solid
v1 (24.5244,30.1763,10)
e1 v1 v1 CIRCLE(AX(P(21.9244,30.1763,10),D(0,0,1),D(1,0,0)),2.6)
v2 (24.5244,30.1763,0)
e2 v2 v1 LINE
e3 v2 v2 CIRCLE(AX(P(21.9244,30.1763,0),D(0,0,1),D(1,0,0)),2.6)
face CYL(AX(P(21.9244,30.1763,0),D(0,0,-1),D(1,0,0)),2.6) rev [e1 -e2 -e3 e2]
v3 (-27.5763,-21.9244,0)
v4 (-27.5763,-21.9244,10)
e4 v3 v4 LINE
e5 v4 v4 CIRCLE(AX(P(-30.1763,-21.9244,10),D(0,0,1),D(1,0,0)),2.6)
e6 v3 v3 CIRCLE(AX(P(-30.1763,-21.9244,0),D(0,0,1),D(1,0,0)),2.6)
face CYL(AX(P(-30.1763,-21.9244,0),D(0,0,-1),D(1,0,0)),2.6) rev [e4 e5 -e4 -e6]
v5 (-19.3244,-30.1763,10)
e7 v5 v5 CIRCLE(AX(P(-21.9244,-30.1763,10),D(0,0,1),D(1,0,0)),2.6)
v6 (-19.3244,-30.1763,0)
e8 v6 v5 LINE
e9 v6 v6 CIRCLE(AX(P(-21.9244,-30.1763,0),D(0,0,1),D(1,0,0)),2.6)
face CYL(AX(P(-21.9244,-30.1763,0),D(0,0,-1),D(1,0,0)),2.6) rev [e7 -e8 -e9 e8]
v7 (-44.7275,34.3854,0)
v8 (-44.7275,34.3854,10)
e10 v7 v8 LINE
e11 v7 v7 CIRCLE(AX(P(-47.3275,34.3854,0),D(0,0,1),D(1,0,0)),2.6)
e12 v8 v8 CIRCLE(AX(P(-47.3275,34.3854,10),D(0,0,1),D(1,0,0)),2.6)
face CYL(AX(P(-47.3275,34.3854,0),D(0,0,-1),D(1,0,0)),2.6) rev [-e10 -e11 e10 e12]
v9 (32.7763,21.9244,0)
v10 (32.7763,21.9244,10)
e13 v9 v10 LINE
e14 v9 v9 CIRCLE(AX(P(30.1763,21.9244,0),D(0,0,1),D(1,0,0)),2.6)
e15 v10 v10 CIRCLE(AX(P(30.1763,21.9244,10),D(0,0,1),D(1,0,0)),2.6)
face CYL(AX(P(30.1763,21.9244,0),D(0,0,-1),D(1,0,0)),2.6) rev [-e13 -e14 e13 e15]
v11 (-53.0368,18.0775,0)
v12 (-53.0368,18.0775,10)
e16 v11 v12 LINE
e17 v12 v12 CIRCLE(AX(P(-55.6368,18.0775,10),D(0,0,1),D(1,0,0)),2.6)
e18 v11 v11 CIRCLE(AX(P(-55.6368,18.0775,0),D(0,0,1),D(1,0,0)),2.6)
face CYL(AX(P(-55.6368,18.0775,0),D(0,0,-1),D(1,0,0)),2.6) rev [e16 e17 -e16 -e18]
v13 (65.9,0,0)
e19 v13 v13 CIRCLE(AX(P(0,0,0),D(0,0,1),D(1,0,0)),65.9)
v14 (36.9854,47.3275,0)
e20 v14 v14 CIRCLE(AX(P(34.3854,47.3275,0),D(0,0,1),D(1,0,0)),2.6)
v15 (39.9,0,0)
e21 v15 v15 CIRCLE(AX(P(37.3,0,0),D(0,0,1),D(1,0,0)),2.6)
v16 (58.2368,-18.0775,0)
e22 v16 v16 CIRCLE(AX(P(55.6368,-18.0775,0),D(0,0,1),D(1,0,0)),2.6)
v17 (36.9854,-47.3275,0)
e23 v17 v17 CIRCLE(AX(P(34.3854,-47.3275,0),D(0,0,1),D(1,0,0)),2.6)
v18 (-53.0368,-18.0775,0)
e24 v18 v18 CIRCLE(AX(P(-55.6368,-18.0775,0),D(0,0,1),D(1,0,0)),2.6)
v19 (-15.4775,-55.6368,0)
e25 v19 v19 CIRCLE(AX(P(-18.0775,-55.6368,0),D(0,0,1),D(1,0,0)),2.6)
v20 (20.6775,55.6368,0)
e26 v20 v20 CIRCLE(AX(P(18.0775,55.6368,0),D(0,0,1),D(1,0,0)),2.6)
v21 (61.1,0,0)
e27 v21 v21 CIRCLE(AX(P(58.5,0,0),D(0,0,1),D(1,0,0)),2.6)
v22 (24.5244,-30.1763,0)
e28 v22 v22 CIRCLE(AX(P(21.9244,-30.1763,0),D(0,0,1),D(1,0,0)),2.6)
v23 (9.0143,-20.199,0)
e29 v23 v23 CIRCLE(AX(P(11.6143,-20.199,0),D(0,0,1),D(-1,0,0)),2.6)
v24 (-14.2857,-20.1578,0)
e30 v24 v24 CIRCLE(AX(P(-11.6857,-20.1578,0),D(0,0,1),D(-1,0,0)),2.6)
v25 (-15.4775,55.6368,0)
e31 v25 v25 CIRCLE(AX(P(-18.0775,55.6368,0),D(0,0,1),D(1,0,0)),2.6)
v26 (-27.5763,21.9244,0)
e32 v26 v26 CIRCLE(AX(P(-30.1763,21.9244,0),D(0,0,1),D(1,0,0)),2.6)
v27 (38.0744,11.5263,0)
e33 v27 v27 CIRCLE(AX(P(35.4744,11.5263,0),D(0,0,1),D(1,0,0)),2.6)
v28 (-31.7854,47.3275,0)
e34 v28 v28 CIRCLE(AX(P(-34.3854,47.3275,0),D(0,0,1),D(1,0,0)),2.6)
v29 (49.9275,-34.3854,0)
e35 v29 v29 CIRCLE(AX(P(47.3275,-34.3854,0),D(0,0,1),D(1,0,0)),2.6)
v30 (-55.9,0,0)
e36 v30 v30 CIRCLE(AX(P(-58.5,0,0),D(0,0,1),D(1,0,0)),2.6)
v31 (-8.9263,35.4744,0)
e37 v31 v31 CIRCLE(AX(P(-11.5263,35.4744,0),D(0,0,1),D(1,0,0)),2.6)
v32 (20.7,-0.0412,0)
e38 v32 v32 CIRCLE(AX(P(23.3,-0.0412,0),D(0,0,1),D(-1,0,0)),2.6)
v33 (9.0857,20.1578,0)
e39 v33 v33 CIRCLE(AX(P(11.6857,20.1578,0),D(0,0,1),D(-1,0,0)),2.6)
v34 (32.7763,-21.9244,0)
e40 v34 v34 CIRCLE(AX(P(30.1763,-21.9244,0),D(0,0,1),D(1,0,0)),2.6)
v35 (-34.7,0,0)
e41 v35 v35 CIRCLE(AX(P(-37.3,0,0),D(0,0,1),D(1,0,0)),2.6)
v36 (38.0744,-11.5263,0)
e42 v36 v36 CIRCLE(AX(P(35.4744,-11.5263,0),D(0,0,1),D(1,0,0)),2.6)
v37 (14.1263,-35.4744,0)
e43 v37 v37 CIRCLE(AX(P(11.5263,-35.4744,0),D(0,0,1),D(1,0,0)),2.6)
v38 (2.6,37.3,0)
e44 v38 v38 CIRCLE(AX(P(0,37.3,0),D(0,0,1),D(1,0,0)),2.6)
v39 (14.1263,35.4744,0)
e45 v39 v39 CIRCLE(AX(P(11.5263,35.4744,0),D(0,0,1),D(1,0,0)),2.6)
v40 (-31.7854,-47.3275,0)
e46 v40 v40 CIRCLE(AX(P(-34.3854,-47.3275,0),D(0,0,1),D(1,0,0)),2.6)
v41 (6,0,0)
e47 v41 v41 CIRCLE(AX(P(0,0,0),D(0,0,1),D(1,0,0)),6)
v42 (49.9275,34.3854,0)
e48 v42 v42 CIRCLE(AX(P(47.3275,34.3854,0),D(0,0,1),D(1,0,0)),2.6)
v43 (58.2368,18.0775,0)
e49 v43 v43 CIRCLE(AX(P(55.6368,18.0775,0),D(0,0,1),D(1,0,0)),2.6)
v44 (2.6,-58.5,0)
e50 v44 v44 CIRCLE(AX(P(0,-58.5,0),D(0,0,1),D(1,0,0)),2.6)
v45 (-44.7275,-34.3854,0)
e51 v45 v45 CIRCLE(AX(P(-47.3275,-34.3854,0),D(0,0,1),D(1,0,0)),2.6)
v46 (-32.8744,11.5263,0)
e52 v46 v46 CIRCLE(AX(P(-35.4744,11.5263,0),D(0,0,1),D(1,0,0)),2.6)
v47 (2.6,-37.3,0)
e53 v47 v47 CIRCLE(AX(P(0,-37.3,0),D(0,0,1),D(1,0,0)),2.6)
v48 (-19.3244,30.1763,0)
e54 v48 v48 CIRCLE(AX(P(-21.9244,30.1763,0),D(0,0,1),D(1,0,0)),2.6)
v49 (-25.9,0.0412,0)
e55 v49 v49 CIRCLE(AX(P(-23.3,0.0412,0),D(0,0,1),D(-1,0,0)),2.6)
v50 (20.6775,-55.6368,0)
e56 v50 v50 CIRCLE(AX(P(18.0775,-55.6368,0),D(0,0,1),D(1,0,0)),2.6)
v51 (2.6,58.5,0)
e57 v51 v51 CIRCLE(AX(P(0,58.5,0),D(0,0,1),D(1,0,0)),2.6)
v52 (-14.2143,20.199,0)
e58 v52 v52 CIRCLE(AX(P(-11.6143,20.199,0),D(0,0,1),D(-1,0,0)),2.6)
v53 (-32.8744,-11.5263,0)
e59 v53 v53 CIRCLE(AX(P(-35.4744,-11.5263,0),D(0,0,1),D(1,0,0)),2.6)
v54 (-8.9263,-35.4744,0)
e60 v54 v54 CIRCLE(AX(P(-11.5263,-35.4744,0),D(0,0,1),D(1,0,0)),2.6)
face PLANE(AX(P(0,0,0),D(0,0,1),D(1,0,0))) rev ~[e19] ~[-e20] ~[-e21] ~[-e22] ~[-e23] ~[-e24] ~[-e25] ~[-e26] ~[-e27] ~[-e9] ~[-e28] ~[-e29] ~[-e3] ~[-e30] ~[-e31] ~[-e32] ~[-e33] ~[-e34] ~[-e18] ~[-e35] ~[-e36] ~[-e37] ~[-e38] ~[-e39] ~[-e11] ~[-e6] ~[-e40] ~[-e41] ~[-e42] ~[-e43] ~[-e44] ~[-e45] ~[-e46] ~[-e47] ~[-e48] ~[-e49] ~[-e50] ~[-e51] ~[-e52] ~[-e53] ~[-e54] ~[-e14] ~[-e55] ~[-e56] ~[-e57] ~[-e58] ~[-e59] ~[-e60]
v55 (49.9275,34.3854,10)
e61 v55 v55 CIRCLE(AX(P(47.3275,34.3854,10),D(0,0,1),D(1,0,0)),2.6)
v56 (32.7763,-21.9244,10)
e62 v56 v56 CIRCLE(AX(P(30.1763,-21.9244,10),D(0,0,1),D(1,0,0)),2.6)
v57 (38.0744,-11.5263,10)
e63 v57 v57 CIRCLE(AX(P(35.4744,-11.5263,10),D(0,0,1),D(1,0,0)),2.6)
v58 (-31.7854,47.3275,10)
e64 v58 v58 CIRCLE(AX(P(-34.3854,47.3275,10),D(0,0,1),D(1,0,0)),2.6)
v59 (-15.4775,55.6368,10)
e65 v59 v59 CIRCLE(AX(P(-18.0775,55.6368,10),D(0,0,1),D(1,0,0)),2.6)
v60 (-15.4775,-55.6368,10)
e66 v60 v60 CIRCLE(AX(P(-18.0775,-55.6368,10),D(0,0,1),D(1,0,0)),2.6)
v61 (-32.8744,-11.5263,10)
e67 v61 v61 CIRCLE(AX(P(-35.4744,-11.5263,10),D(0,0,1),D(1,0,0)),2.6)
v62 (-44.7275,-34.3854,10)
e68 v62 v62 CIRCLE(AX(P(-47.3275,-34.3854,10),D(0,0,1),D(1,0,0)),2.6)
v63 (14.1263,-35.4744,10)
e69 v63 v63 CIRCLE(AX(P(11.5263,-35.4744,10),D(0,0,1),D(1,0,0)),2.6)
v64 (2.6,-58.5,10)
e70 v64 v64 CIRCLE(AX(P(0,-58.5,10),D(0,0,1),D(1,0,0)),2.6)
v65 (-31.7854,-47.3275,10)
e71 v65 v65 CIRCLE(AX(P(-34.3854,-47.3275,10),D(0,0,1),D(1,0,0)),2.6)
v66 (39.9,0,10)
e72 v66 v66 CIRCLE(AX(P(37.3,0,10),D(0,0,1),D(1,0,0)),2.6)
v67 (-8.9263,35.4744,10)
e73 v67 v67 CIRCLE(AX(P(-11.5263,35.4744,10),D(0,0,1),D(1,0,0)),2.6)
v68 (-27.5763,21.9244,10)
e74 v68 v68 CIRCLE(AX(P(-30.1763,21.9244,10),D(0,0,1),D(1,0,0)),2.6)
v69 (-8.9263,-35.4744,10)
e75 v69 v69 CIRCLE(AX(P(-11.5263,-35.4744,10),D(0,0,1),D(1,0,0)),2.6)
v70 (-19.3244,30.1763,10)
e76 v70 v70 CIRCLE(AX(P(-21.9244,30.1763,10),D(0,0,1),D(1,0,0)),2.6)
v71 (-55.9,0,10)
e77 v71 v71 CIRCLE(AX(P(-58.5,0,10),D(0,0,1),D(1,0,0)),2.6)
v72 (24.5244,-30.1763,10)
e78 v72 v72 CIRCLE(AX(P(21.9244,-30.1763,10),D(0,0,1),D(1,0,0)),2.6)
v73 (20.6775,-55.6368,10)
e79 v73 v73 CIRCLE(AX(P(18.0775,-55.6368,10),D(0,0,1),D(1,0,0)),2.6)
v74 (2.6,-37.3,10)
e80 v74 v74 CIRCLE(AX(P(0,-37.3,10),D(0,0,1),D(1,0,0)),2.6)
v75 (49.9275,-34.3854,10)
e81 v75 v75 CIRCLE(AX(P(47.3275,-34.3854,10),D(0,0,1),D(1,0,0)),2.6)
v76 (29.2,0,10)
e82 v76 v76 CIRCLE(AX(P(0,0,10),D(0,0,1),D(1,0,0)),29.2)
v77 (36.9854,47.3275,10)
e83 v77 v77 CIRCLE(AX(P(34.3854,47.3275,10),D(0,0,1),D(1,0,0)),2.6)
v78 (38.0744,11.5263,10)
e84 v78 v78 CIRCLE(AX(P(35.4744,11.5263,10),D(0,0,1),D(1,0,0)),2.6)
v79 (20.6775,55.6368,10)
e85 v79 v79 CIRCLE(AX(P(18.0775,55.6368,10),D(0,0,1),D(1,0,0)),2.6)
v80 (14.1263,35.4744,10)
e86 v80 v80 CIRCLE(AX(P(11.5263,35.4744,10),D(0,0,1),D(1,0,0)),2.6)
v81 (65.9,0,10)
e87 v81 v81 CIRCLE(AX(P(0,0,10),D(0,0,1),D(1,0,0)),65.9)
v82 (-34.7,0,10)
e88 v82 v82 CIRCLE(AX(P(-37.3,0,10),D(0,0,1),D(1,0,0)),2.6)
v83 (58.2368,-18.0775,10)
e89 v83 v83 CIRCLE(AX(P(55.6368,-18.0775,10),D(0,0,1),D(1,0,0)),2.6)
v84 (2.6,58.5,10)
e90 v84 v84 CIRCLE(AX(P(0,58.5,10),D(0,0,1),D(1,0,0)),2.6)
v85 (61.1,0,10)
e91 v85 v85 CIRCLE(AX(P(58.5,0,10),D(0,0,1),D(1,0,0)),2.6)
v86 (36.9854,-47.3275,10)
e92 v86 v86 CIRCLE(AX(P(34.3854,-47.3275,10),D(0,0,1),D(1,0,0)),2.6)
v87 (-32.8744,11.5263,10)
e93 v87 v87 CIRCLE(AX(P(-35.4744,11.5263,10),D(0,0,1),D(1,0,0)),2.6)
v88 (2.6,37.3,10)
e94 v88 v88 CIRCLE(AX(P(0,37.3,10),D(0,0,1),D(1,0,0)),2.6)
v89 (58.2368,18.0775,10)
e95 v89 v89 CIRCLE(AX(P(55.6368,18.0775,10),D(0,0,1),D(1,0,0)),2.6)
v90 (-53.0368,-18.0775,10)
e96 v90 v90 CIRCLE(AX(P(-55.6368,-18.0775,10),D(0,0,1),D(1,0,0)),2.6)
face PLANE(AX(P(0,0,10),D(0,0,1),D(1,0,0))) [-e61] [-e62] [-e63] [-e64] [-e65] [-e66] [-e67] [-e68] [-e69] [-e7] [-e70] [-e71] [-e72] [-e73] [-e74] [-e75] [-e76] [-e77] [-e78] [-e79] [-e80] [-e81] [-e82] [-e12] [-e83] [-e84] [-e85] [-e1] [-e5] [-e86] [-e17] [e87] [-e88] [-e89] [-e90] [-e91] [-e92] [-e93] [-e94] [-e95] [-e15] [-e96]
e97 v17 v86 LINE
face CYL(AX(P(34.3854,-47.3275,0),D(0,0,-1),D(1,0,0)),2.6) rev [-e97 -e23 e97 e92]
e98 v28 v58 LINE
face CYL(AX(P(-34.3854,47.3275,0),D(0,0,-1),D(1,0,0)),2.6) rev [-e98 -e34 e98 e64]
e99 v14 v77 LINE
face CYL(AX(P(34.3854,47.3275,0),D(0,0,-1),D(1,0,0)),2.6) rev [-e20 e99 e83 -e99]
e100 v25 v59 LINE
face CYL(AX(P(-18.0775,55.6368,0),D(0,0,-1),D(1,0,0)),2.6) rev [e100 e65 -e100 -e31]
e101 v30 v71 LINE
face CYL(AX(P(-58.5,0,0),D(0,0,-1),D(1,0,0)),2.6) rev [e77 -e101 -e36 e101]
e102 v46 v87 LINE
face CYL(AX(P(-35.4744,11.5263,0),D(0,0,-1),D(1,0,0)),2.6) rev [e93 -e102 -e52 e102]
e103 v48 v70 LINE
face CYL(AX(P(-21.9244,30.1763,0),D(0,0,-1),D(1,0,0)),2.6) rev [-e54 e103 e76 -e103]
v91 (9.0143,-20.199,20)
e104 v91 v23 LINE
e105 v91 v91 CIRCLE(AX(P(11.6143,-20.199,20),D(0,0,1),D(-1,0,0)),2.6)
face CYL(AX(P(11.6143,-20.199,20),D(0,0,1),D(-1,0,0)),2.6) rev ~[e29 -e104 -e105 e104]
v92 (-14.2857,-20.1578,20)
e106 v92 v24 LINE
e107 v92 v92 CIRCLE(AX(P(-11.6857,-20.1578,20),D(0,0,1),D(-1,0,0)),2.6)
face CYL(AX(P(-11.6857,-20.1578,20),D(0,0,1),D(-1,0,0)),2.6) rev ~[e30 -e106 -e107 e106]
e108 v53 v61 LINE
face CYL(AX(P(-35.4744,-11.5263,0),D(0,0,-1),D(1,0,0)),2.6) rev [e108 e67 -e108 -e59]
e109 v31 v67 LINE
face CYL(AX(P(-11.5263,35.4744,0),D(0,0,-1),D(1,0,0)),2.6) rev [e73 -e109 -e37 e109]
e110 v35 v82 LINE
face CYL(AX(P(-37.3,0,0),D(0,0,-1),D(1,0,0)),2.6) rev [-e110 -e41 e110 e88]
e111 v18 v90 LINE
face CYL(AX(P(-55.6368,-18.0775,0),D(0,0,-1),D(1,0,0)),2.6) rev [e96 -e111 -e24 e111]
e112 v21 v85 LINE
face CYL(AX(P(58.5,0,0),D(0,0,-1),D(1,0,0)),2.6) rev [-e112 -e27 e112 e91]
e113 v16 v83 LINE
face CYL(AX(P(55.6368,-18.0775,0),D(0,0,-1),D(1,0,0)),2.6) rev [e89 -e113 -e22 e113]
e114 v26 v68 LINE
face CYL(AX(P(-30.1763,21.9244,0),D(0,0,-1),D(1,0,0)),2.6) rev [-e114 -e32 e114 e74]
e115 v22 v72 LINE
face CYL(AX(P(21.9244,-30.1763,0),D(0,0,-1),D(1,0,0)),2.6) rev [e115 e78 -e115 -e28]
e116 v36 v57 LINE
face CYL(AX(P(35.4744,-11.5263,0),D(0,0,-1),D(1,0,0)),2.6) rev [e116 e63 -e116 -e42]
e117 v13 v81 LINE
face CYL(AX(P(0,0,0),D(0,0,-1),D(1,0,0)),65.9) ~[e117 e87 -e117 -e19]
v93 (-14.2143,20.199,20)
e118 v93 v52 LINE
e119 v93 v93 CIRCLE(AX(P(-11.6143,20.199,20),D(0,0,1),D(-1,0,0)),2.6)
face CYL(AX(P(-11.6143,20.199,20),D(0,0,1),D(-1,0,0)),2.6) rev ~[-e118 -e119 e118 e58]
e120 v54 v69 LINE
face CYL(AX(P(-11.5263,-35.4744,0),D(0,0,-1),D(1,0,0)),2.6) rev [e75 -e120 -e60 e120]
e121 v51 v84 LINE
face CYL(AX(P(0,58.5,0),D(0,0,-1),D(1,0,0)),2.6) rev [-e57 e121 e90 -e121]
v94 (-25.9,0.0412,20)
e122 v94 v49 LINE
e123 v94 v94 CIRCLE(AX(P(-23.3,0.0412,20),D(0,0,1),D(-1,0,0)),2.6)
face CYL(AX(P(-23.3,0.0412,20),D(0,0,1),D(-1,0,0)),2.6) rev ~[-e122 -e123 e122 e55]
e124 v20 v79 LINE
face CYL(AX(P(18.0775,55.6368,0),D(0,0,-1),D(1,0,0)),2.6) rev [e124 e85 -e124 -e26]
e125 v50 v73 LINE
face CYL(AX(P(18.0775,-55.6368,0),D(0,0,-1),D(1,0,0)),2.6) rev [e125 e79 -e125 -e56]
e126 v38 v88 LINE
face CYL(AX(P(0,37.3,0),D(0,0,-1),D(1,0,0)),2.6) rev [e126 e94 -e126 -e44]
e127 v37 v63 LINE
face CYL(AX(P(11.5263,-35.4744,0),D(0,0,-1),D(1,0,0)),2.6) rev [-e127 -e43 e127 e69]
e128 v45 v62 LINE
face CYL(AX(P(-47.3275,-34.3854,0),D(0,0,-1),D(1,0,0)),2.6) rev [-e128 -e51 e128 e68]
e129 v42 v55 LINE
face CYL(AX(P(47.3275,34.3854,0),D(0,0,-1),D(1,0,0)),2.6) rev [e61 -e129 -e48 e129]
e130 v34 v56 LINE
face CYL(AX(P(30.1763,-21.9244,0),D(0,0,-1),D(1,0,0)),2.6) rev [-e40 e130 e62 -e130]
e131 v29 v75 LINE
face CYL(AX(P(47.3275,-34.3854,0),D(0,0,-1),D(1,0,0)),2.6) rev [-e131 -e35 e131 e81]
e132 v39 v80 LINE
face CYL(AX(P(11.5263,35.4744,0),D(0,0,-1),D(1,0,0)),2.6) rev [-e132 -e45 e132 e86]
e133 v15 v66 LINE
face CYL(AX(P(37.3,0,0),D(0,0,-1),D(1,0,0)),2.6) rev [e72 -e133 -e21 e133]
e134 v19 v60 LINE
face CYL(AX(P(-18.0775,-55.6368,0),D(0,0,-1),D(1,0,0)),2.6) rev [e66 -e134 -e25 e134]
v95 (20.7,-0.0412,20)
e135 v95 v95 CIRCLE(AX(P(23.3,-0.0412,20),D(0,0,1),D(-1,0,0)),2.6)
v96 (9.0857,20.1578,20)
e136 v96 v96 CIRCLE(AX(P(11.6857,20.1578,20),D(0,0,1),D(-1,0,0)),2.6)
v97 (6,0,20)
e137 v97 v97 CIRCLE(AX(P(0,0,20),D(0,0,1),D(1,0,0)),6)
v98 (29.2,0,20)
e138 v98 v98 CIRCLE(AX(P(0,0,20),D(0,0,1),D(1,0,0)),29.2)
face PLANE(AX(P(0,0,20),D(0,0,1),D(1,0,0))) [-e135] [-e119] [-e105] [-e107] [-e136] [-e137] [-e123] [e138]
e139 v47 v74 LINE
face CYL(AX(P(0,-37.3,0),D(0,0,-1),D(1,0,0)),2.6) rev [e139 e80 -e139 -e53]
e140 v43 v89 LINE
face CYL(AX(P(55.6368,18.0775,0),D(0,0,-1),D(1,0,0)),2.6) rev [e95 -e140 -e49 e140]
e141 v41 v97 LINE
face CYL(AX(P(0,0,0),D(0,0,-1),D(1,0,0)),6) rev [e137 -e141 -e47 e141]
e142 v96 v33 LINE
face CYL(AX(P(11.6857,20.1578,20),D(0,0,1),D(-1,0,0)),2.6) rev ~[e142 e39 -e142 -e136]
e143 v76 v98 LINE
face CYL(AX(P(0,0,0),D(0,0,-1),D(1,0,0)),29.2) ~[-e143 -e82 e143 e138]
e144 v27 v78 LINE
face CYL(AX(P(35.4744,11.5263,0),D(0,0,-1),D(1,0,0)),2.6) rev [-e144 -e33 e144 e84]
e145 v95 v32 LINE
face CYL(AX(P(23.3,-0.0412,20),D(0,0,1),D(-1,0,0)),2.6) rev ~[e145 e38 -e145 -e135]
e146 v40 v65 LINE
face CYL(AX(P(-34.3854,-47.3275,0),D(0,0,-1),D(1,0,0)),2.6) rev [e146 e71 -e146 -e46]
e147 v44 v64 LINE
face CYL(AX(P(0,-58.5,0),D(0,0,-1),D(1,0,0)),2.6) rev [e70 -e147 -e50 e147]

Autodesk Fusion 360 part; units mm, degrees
sketch "Boceto1" plane through (0, 0, 0) normal (0, 0, 1) x (1, 0, 0)
  circle A0 centre (0, 0) radius 65.9
  circle A1 centre (0, 58.5) radius 2.6
  circle A2 centre (0, 37.3) radius 2.6
  circle A3 centre (-18.0775, 55.6368) radius 2.6
  circle A4 centre (-11.5263, 35.4744) radius 2.6
  circle A5 centre (-34.3854, 47.3275) radius 2.6
  circle A6 centre (-21.9244, 30.1763) radius 2.6
  circle A7 centre (-47.3275, 34.3854) radius 2.6
  circle A8 centre (-30.1763, 21.9244) radius 2.6
  circle A9 centre (-55.6368, 18.0775) radius 2.6
  circle A10 centre (-35.4744, 11.5263) radius 2.6
  circle A11 centre (-58.5, 0) radius 2.6
  circle A12 centre (-37.3, 0) radius 2.6
  circle A13 centre (-55.6368, -18.0775) radius 2.6
  circle A14 centre (-35.4744, -11.5263) radius 2.6
  circle A15 centre (-47.3275, -34.3854) radius 2.6
  circle A16 centre (-30.1763, -21.9244) radius 2.6
  circle A17 centre (-34.3854, -47.3275) radius 2.6
  circle A18 centre (-21.9244, -30.1763) radius 2.6
  circle A19 centre (-18.0775, -55.6368) radius 2.6
  circle A20 centre (-11.5263, -35.4744) radius 2.6
  circle A21 centre (0, -58.5) radius 2.6
  circle A22 centre (0, -37.3) radius 2.6
  circle A23 centre (18.0775, -55.6368) radius 2.6
  circle A24 centre (11.5263, -35.4744) radius 2.6
  circle A25 centre (34.3854, -47.3275) radius 2.6
  circle A26 centre (21.9244, -30.1763) radius 2.6
  circle A27 centre (47.3275, -34.3854) radius 2.6
  circle A28 centre (30.1763, -21.9244) radius 2.6
  circle A29 centre (55.6368, -18.0775) radius 2.6
  circle A30 centre (35.4744, -11.5263) radius 2.6
  circle A31 centre (58.5, 0) radius 2.6
  circle A32 centre (37.3, 0) radius 2.6
  circle A33 centre (55.6368, 18.0775) radius 2.6
  circle A34 centre (35.4744, 11.5263) radius 2.6
  circle A35 centre (47.3275, 34.3854) radius 2.6
  circle A36 centre (30.1763, 21.9244) radius 2.6
  circle A37 centre (34.3854, 47.3275) radius 2.6
  circle A38 centre (21.9244, 30.1763) radius 2.6
  circle A39 centre (18.0775, 55.6368) radius 2.6
  circle A40 centre (11.5263, 35.4744) radius 2.6
  circle A41 centre (0, 0) radius 29.2
  circle A42 centre (0, 0) radius 6
  circle A43 centre (0, 23.3) radius 2.8
  circle A44 centre (-20.1784, 11.65) radius 2.8
  circle A45 centre (-20.1784, -11.65) radius 2.8
  circle A46 centre (0, -23.3) radius 2.8
  circle A47 centre (20.1784, -11.65) radius 2.8
  circle A48 centre (20.1784, 11.65) radius 2.8
  dimension "d2" = 5.2
  dimension "d3" = 5.2
  dimension "d6" = 360
  dimension "d13" = 58.5
  dimension "d14" = 37.3
  dimension "d16" = 131.8
  dimension "d21" = 12
  dimension "d22" = 58.4
  dimension "d23" = 5.6
  dimension "d24" = 23.3
  dimension "d26" = 360
extrude "Extruir3" add sketch "Boceto1" along normal blind 10 contours A0
extrude "Extruir4" add sketch "Boceto1" along normal blind 20 contours A41 | A43 | A44 | A45 | A46 | A47 | A48
sketch "Boceto2" plane through (0, 0, 20) normal (0, 0, 1) x (-1, 0, 0)
  circle A0 centre (0, 0) radius 6
  circle A1 centre (0, 0) radius 29.2
  circle A2 centre (-11.6857, -20.1578) radius 2.6
  circle A3 centre (11.6143, -20.199) radius 2.6
  circle A4 centre (23.3, -0.0412) radius 2.6
  circle A5 centre (11.6857, 20.1578) radius 2.6
  circle A6 centre (-11.6143, 20.199) radius 2.6
  circle A7 centre (-23.3, 0.0412) radius 2.6
  dimension "d27" = 23.3
  dimension "d29" = 360
  dimension "d32" = 5.2
extrude "Extruir5" cut sketch "Boceto2" against normal blind 20 contours A2 | A3 | A4 | A5 | A6 | A7
extrude "Extruir1" [suppressed]
extrude "Extruir2" [suppressed]
